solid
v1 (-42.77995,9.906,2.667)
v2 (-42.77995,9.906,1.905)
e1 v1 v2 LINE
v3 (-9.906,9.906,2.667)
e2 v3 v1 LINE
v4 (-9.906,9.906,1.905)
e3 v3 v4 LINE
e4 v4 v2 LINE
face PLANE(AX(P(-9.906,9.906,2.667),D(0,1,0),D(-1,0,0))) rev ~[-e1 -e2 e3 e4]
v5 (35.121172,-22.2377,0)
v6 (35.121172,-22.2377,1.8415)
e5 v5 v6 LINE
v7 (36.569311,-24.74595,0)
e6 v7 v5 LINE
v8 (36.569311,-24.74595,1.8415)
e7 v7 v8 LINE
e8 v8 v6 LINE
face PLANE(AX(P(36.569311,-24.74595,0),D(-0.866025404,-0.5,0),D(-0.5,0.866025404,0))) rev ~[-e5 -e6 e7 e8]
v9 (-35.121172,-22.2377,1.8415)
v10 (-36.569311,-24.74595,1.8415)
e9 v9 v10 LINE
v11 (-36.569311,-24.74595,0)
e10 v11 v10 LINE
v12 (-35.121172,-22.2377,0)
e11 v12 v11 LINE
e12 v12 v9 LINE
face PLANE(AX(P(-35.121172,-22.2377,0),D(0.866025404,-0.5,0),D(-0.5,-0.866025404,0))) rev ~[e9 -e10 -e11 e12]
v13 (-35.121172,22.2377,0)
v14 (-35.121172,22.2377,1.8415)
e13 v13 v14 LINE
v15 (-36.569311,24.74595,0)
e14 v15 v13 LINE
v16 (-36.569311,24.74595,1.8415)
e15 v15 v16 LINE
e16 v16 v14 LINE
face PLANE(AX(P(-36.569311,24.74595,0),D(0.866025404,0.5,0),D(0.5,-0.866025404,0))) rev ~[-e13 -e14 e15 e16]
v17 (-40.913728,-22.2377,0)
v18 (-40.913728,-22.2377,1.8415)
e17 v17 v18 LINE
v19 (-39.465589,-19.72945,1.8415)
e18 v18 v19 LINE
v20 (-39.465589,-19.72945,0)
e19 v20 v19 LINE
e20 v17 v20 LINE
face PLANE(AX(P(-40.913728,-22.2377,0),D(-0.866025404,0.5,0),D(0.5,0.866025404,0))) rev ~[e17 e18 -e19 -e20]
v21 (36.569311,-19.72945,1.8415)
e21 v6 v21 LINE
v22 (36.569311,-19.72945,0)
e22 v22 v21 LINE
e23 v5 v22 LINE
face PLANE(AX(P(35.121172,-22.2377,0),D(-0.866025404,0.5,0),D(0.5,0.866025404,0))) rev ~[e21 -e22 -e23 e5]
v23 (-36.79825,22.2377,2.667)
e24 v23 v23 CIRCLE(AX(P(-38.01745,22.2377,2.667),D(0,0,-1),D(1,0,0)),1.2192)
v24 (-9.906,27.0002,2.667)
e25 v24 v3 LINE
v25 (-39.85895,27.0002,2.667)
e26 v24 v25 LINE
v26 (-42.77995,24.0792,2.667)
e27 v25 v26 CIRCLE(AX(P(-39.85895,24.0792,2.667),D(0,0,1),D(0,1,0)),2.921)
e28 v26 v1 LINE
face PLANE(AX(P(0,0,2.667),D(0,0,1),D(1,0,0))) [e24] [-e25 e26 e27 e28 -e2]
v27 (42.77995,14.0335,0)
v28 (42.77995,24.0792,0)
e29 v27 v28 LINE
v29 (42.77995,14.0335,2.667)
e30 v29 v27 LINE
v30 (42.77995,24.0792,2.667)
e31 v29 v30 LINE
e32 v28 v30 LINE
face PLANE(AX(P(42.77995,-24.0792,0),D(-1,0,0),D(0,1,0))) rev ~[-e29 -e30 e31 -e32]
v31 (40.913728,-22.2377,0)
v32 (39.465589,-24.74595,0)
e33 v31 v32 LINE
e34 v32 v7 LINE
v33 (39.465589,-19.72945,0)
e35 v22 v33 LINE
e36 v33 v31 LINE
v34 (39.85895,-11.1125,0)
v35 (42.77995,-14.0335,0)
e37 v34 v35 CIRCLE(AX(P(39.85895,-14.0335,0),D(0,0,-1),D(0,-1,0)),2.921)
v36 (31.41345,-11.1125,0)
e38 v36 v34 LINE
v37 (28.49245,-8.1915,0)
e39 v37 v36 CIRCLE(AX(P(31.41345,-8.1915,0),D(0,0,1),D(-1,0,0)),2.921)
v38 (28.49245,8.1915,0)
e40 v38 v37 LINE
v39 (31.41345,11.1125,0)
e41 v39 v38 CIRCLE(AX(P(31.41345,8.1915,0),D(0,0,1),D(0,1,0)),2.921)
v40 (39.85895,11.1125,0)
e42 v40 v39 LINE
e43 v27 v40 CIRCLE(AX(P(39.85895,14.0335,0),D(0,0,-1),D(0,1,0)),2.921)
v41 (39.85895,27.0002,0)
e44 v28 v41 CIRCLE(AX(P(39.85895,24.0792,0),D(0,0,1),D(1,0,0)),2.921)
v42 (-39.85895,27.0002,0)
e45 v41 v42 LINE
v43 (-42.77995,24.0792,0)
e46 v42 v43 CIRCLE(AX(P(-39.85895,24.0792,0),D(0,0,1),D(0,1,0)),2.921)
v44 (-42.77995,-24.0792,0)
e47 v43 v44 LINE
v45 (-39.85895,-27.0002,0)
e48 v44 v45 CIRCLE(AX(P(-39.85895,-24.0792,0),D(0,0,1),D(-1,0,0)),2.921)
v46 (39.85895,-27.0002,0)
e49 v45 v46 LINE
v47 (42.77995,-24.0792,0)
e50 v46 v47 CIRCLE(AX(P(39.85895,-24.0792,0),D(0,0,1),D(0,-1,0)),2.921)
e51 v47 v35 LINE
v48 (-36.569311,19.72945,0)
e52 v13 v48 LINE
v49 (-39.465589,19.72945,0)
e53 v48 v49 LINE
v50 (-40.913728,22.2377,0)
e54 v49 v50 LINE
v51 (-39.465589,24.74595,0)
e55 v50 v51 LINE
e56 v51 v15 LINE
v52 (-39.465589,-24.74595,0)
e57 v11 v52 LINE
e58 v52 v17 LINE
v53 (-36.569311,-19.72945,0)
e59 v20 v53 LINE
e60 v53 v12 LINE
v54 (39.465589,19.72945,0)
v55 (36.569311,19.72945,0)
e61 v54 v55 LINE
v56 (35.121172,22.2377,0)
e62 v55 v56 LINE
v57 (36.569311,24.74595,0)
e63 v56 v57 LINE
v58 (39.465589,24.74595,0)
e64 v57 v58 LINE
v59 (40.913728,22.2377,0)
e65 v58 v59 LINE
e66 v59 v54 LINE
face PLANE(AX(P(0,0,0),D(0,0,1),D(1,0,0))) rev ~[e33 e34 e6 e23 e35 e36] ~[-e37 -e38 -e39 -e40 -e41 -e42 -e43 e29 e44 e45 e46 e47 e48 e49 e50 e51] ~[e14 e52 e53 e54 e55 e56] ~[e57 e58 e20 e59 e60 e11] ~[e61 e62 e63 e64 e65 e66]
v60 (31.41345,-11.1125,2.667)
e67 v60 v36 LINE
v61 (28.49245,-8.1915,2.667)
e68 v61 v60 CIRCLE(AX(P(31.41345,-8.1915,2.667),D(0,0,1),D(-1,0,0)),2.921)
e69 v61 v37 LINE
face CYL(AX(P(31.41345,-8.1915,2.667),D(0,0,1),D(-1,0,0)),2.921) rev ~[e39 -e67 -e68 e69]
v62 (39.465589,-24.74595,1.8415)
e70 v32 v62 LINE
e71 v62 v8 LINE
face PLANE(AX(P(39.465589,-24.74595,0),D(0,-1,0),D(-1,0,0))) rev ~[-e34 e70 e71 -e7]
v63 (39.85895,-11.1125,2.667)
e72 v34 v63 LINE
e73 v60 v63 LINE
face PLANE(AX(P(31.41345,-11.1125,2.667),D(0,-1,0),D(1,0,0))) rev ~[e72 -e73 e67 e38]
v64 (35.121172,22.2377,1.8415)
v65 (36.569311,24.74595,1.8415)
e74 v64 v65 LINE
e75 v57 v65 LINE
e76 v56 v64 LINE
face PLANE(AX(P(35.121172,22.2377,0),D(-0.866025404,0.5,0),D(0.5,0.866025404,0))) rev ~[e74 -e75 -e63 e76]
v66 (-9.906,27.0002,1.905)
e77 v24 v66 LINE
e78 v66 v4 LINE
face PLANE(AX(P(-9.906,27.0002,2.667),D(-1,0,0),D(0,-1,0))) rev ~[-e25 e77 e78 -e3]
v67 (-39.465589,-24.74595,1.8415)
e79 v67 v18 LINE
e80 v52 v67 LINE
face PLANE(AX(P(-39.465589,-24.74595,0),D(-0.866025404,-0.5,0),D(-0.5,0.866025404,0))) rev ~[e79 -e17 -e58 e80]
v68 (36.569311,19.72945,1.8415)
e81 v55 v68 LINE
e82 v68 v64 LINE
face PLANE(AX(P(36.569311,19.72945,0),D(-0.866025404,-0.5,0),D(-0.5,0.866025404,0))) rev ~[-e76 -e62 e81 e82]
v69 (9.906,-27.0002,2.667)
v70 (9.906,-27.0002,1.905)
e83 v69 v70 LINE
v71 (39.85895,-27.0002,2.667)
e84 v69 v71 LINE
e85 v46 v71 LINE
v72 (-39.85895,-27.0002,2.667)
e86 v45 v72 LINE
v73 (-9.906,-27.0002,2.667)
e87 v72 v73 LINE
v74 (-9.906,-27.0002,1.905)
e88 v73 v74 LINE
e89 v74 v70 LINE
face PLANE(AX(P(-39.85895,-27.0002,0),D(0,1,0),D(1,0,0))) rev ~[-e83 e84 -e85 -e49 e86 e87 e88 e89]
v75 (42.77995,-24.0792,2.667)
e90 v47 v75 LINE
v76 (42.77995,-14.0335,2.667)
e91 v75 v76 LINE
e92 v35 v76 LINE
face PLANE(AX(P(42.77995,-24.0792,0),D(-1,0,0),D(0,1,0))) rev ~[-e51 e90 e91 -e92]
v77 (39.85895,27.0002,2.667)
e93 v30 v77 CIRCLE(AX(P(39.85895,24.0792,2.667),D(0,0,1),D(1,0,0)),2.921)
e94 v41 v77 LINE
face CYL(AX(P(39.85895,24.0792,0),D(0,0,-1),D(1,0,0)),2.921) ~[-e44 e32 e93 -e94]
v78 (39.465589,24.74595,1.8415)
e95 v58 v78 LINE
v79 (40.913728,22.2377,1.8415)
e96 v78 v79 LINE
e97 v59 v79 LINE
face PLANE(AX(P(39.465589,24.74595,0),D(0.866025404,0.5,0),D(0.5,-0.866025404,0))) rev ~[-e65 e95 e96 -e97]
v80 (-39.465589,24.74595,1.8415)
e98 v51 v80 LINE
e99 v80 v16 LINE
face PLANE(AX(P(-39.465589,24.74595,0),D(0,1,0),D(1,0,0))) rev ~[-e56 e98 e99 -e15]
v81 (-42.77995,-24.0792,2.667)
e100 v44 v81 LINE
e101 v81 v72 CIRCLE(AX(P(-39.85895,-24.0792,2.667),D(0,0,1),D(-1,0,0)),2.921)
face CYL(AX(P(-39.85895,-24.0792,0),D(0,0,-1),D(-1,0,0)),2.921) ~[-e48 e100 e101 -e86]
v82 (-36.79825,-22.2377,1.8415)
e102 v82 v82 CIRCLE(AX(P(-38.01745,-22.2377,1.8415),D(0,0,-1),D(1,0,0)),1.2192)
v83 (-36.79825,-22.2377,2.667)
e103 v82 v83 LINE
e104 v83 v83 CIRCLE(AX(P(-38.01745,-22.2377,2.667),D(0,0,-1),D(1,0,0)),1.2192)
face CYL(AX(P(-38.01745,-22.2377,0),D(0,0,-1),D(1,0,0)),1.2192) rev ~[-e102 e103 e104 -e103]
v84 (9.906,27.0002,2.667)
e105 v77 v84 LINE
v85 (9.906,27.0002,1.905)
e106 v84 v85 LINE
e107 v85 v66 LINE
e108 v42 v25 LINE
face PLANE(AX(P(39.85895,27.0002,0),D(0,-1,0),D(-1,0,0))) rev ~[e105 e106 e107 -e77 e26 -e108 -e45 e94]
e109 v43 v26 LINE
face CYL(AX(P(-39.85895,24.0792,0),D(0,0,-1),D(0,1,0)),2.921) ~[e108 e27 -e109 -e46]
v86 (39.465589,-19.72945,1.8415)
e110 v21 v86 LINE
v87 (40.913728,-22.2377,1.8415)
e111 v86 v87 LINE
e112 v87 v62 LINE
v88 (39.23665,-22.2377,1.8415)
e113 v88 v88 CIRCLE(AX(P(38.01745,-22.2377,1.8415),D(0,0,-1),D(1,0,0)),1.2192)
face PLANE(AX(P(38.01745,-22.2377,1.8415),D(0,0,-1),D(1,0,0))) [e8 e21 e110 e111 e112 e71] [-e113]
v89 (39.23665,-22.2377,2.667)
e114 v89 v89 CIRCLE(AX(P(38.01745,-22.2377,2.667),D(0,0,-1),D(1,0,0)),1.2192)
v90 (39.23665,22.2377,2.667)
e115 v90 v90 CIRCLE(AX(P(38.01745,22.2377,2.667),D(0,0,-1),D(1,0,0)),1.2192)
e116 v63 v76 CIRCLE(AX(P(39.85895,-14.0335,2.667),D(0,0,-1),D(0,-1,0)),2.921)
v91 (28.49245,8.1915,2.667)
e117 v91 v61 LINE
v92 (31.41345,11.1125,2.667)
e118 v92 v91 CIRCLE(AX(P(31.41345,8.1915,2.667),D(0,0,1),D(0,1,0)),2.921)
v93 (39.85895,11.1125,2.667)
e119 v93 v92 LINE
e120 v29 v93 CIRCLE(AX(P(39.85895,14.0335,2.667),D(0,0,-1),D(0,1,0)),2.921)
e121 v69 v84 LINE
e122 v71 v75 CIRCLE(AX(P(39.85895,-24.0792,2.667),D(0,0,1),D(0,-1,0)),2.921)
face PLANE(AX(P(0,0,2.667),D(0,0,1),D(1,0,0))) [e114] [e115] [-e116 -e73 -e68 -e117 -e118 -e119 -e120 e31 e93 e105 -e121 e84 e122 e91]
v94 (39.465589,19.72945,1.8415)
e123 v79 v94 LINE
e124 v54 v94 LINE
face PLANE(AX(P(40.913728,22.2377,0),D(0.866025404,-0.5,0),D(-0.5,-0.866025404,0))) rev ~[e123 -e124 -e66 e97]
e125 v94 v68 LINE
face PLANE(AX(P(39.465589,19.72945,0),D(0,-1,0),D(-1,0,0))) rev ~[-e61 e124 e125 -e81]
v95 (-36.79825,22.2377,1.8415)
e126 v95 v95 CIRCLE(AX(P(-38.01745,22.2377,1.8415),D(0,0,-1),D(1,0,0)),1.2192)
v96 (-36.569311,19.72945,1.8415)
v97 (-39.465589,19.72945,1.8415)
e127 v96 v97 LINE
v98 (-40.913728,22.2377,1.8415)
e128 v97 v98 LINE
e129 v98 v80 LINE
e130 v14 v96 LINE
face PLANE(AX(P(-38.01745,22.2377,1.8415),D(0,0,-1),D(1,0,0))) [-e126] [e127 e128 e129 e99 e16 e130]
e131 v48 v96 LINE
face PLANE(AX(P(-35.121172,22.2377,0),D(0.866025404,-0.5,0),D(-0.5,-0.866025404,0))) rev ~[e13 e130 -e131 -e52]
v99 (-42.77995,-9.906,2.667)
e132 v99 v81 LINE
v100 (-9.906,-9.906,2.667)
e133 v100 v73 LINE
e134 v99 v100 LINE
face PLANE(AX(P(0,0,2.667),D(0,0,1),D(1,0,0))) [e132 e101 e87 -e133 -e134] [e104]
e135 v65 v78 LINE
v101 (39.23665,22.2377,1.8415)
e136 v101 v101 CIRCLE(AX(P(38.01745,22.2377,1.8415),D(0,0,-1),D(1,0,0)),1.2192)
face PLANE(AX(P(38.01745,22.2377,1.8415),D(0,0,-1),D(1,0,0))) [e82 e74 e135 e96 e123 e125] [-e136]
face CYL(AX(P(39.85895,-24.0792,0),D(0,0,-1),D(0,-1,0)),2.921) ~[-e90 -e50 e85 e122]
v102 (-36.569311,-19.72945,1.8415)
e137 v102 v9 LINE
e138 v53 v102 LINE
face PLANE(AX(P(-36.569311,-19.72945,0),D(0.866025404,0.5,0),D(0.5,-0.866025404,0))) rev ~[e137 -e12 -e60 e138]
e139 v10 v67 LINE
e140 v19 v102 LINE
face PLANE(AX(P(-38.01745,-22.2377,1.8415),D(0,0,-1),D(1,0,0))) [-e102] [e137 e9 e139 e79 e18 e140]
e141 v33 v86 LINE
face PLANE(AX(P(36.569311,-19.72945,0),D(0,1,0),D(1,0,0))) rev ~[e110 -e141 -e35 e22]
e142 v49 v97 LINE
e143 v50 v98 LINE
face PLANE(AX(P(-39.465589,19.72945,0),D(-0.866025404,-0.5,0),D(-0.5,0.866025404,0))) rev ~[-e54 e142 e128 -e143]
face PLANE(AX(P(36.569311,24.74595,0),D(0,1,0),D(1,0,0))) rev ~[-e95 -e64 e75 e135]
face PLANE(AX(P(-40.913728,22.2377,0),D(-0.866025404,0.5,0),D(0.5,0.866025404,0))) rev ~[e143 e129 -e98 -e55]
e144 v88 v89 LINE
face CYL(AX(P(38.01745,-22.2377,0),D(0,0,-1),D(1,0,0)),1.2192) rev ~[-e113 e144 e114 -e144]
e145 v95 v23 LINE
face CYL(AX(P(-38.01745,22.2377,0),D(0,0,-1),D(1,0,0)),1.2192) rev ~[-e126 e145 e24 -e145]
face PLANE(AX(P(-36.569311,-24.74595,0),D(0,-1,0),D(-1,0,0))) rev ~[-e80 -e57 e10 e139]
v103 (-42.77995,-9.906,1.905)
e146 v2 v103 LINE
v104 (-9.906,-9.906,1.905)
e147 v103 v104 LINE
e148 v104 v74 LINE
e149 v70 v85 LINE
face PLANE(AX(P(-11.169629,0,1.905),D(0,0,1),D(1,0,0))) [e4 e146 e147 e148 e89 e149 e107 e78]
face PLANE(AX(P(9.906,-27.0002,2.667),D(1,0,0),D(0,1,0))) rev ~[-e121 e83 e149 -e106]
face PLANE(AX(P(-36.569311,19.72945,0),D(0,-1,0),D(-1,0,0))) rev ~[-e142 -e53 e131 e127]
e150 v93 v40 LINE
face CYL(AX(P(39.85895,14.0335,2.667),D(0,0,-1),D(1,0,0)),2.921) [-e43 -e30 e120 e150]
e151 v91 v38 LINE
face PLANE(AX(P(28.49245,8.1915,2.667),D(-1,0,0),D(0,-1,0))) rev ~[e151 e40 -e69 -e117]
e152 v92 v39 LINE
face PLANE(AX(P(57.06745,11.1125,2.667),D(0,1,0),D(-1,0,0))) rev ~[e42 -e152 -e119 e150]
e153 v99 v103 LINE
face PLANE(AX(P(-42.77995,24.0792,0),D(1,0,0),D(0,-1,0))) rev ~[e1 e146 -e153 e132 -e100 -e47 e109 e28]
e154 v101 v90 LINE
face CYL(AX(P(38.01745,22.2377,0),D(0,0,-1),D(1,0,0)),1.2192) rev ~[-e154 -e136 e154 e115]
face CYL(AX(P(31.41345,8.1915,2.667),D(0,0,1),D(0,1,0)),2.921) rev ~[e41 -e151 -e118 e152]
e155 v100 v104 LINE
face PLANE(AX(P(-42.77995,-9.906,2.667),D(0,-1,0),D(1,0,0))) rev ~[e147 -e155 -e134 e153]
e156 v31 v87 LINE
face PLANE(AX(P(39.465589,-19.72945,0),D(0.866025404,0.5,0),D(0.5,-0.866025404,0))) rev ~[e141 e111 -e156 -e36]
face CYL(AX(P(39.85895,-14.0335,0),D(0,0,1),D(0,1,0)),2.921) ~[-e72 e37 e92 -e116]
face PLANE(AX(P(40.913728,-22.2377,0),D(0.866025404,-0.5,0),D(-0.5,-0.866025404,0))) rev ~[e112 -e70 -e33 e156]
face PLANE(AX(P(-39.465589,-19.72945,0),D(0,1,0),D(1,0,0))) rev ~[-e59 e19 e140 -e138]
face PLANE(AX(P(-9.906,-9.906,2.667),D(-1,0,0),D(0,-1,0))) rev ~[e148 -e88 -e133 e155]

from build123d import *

# Parameters (mm, degrees)
F1_DEPTH = 2.667
F2_R     = 1.2192
F3_DEPTH = 2.668
F5_DEPTH = 1.8415
F7_DEPTH = 0.762
F9_DEPTH = 2.668
F10_R    = 2.921


with BuildPart() as f1:
    # F0 (on Top) → F1 (new body)
    with BuildSketch(Plane.XY):
        with BuildLine():
            Line((39.85895, 27.0002), (-39.85895, 27.0002))
            ThreePointArc((-39.85895, 27.0002), (-41.9244089078, 26.1446589078), (-42.77995, 24.0792))
            Line((-42.77995, 24.0792), (-42.77995, -24.0792))
            ThreePointArc((-42.77995, -24.0792), (-41.9244089078, -26.1446589078), (-39.85895, -27.0002))
            Line((-39.85895, -27.0002), (39.85895, -27.0002))
            ThreePointArc((39.85895, -27.0002), (41.9244089078, -26.1446589078), (42.77995, -24.0792))
            Line((42.77995, -24.0792), (42.77995, 24.0792))
            ThreePointArc((42.77995, 24.0792), (41.9244089078, 26.1446589078), (39.85895, 27.0002))
        make_face()
    extrude(amount=F1_DEPTH)

    # F2 (on face) → F3 (cut, through all)
    with BuildSketch(Plane(origin=(0, 0, 0), x_dir=(1, 0, 0), z_dir=(0, 0, -1))):
        with Locations((-38.01745, 22.2377)):
            Circle(F2_R)
        with Locations((-38.01745, -22.2377)):
            Circle(F2_R)
        with Locations((38.01745, -22.2377)):
            Circle(F2_R)
        with Locations((38.01745, 22.2377)):
            Circle(F2_R)
    extrude(amount=-F3_DEPTH, mode=Mode.SUBTRACT)

    # F4 (on face) → F5 (cut)
    with BuildSketch(Plane(origin=(0, 0, 0), x_dir=(1, 0, 0), z_dir=(0, 0, -1))):
        Polygon((-36.5693111873, 19.72945), (-35.1211723746, 22.2377), (-36.5693111873, 24.74595), (-39.4655888127, 24.74595), (-40.9137276254, 22.2377), (-39.4655888127, 19.72945), align=None)
        Polygon((-35.1211723746, -22.2377), (-36.5693111873, -19.72945), (-39.4655888127, -19.72945), (-40.9137276254, -22.2377), (-39.4655888127, -24.74595), (-36.5693111873, -24.74595), align=None)
        Polygon((35.1211723746, 22.2377), (36.5693111873, 19.72945), (39.4655888127, 19.72945), (40.9137276254, 22.2377), (39.4655888127, 24.74595), (36.5693111873, 24.74595), align=None)
        Polygon((36.5693111873, -19.72945), (35.1211723746, -22.2377), (36.5693111873, -24.74595), (39.4655888127, -24.74595), (40.9137276254, -22.2377), (39.4655888127, -19.72945), align=None)
    extrude(amount=-F5_DEPTH, mode=Mode.SUBTRACT)

    # F6 (on face) → F7 (cut)
    with BuildSketch(Plane.XY.offset(2.667)):
        Polygon((9.906, 27.0002), (-9.906, 27.0002), (-9.906, 9.906), (-42.77995, 9.906), (-42.77995, -9.906), (-9.906, -9.906), (-9.906, -27.0002), (9.906, -27.0002), align=None)
    extrude(amount=-F7_DEPTH, mode=Mode.SUBTRACT)

    # F8 (on face) → F9 (cut, through all)
    with BuildSketch(Plane.XY.offset(2.667)):
        with BuildLine():
            Line((57.06745, 11.1125), (31.41345, 11.1125))
            ThreePointArc((31.41345, 11.1125), (29.3479910922, 10.2569589078), (28.49245, 8.1915))
            Line((28.49245, 8.1915), (28.49245, -8.1915))
            ThreePointArc((28.49245, -8.1915), (29.3479910922, -10.2569589078), (31.41345, -11.1125))
            Line((31.41345, -11.1125), (57.06745, -11.1125))
            Line((57.06745, -11.1125), (57.06745, 11.1125))
        make_face()
    extrude(amount=-F9_DEPTH, mode=Mode.SUBTRACT)

    # F10
    f10_edges = [f1.edges().sort_by_distance(p)[0] for p in [
        (42.77995, 11.1125, 1.3335),
        (42.77995, -11.1125, 1.3335),
    ]]
    fillet(f10_edges, radius=F10_R)


solid = f1.part
